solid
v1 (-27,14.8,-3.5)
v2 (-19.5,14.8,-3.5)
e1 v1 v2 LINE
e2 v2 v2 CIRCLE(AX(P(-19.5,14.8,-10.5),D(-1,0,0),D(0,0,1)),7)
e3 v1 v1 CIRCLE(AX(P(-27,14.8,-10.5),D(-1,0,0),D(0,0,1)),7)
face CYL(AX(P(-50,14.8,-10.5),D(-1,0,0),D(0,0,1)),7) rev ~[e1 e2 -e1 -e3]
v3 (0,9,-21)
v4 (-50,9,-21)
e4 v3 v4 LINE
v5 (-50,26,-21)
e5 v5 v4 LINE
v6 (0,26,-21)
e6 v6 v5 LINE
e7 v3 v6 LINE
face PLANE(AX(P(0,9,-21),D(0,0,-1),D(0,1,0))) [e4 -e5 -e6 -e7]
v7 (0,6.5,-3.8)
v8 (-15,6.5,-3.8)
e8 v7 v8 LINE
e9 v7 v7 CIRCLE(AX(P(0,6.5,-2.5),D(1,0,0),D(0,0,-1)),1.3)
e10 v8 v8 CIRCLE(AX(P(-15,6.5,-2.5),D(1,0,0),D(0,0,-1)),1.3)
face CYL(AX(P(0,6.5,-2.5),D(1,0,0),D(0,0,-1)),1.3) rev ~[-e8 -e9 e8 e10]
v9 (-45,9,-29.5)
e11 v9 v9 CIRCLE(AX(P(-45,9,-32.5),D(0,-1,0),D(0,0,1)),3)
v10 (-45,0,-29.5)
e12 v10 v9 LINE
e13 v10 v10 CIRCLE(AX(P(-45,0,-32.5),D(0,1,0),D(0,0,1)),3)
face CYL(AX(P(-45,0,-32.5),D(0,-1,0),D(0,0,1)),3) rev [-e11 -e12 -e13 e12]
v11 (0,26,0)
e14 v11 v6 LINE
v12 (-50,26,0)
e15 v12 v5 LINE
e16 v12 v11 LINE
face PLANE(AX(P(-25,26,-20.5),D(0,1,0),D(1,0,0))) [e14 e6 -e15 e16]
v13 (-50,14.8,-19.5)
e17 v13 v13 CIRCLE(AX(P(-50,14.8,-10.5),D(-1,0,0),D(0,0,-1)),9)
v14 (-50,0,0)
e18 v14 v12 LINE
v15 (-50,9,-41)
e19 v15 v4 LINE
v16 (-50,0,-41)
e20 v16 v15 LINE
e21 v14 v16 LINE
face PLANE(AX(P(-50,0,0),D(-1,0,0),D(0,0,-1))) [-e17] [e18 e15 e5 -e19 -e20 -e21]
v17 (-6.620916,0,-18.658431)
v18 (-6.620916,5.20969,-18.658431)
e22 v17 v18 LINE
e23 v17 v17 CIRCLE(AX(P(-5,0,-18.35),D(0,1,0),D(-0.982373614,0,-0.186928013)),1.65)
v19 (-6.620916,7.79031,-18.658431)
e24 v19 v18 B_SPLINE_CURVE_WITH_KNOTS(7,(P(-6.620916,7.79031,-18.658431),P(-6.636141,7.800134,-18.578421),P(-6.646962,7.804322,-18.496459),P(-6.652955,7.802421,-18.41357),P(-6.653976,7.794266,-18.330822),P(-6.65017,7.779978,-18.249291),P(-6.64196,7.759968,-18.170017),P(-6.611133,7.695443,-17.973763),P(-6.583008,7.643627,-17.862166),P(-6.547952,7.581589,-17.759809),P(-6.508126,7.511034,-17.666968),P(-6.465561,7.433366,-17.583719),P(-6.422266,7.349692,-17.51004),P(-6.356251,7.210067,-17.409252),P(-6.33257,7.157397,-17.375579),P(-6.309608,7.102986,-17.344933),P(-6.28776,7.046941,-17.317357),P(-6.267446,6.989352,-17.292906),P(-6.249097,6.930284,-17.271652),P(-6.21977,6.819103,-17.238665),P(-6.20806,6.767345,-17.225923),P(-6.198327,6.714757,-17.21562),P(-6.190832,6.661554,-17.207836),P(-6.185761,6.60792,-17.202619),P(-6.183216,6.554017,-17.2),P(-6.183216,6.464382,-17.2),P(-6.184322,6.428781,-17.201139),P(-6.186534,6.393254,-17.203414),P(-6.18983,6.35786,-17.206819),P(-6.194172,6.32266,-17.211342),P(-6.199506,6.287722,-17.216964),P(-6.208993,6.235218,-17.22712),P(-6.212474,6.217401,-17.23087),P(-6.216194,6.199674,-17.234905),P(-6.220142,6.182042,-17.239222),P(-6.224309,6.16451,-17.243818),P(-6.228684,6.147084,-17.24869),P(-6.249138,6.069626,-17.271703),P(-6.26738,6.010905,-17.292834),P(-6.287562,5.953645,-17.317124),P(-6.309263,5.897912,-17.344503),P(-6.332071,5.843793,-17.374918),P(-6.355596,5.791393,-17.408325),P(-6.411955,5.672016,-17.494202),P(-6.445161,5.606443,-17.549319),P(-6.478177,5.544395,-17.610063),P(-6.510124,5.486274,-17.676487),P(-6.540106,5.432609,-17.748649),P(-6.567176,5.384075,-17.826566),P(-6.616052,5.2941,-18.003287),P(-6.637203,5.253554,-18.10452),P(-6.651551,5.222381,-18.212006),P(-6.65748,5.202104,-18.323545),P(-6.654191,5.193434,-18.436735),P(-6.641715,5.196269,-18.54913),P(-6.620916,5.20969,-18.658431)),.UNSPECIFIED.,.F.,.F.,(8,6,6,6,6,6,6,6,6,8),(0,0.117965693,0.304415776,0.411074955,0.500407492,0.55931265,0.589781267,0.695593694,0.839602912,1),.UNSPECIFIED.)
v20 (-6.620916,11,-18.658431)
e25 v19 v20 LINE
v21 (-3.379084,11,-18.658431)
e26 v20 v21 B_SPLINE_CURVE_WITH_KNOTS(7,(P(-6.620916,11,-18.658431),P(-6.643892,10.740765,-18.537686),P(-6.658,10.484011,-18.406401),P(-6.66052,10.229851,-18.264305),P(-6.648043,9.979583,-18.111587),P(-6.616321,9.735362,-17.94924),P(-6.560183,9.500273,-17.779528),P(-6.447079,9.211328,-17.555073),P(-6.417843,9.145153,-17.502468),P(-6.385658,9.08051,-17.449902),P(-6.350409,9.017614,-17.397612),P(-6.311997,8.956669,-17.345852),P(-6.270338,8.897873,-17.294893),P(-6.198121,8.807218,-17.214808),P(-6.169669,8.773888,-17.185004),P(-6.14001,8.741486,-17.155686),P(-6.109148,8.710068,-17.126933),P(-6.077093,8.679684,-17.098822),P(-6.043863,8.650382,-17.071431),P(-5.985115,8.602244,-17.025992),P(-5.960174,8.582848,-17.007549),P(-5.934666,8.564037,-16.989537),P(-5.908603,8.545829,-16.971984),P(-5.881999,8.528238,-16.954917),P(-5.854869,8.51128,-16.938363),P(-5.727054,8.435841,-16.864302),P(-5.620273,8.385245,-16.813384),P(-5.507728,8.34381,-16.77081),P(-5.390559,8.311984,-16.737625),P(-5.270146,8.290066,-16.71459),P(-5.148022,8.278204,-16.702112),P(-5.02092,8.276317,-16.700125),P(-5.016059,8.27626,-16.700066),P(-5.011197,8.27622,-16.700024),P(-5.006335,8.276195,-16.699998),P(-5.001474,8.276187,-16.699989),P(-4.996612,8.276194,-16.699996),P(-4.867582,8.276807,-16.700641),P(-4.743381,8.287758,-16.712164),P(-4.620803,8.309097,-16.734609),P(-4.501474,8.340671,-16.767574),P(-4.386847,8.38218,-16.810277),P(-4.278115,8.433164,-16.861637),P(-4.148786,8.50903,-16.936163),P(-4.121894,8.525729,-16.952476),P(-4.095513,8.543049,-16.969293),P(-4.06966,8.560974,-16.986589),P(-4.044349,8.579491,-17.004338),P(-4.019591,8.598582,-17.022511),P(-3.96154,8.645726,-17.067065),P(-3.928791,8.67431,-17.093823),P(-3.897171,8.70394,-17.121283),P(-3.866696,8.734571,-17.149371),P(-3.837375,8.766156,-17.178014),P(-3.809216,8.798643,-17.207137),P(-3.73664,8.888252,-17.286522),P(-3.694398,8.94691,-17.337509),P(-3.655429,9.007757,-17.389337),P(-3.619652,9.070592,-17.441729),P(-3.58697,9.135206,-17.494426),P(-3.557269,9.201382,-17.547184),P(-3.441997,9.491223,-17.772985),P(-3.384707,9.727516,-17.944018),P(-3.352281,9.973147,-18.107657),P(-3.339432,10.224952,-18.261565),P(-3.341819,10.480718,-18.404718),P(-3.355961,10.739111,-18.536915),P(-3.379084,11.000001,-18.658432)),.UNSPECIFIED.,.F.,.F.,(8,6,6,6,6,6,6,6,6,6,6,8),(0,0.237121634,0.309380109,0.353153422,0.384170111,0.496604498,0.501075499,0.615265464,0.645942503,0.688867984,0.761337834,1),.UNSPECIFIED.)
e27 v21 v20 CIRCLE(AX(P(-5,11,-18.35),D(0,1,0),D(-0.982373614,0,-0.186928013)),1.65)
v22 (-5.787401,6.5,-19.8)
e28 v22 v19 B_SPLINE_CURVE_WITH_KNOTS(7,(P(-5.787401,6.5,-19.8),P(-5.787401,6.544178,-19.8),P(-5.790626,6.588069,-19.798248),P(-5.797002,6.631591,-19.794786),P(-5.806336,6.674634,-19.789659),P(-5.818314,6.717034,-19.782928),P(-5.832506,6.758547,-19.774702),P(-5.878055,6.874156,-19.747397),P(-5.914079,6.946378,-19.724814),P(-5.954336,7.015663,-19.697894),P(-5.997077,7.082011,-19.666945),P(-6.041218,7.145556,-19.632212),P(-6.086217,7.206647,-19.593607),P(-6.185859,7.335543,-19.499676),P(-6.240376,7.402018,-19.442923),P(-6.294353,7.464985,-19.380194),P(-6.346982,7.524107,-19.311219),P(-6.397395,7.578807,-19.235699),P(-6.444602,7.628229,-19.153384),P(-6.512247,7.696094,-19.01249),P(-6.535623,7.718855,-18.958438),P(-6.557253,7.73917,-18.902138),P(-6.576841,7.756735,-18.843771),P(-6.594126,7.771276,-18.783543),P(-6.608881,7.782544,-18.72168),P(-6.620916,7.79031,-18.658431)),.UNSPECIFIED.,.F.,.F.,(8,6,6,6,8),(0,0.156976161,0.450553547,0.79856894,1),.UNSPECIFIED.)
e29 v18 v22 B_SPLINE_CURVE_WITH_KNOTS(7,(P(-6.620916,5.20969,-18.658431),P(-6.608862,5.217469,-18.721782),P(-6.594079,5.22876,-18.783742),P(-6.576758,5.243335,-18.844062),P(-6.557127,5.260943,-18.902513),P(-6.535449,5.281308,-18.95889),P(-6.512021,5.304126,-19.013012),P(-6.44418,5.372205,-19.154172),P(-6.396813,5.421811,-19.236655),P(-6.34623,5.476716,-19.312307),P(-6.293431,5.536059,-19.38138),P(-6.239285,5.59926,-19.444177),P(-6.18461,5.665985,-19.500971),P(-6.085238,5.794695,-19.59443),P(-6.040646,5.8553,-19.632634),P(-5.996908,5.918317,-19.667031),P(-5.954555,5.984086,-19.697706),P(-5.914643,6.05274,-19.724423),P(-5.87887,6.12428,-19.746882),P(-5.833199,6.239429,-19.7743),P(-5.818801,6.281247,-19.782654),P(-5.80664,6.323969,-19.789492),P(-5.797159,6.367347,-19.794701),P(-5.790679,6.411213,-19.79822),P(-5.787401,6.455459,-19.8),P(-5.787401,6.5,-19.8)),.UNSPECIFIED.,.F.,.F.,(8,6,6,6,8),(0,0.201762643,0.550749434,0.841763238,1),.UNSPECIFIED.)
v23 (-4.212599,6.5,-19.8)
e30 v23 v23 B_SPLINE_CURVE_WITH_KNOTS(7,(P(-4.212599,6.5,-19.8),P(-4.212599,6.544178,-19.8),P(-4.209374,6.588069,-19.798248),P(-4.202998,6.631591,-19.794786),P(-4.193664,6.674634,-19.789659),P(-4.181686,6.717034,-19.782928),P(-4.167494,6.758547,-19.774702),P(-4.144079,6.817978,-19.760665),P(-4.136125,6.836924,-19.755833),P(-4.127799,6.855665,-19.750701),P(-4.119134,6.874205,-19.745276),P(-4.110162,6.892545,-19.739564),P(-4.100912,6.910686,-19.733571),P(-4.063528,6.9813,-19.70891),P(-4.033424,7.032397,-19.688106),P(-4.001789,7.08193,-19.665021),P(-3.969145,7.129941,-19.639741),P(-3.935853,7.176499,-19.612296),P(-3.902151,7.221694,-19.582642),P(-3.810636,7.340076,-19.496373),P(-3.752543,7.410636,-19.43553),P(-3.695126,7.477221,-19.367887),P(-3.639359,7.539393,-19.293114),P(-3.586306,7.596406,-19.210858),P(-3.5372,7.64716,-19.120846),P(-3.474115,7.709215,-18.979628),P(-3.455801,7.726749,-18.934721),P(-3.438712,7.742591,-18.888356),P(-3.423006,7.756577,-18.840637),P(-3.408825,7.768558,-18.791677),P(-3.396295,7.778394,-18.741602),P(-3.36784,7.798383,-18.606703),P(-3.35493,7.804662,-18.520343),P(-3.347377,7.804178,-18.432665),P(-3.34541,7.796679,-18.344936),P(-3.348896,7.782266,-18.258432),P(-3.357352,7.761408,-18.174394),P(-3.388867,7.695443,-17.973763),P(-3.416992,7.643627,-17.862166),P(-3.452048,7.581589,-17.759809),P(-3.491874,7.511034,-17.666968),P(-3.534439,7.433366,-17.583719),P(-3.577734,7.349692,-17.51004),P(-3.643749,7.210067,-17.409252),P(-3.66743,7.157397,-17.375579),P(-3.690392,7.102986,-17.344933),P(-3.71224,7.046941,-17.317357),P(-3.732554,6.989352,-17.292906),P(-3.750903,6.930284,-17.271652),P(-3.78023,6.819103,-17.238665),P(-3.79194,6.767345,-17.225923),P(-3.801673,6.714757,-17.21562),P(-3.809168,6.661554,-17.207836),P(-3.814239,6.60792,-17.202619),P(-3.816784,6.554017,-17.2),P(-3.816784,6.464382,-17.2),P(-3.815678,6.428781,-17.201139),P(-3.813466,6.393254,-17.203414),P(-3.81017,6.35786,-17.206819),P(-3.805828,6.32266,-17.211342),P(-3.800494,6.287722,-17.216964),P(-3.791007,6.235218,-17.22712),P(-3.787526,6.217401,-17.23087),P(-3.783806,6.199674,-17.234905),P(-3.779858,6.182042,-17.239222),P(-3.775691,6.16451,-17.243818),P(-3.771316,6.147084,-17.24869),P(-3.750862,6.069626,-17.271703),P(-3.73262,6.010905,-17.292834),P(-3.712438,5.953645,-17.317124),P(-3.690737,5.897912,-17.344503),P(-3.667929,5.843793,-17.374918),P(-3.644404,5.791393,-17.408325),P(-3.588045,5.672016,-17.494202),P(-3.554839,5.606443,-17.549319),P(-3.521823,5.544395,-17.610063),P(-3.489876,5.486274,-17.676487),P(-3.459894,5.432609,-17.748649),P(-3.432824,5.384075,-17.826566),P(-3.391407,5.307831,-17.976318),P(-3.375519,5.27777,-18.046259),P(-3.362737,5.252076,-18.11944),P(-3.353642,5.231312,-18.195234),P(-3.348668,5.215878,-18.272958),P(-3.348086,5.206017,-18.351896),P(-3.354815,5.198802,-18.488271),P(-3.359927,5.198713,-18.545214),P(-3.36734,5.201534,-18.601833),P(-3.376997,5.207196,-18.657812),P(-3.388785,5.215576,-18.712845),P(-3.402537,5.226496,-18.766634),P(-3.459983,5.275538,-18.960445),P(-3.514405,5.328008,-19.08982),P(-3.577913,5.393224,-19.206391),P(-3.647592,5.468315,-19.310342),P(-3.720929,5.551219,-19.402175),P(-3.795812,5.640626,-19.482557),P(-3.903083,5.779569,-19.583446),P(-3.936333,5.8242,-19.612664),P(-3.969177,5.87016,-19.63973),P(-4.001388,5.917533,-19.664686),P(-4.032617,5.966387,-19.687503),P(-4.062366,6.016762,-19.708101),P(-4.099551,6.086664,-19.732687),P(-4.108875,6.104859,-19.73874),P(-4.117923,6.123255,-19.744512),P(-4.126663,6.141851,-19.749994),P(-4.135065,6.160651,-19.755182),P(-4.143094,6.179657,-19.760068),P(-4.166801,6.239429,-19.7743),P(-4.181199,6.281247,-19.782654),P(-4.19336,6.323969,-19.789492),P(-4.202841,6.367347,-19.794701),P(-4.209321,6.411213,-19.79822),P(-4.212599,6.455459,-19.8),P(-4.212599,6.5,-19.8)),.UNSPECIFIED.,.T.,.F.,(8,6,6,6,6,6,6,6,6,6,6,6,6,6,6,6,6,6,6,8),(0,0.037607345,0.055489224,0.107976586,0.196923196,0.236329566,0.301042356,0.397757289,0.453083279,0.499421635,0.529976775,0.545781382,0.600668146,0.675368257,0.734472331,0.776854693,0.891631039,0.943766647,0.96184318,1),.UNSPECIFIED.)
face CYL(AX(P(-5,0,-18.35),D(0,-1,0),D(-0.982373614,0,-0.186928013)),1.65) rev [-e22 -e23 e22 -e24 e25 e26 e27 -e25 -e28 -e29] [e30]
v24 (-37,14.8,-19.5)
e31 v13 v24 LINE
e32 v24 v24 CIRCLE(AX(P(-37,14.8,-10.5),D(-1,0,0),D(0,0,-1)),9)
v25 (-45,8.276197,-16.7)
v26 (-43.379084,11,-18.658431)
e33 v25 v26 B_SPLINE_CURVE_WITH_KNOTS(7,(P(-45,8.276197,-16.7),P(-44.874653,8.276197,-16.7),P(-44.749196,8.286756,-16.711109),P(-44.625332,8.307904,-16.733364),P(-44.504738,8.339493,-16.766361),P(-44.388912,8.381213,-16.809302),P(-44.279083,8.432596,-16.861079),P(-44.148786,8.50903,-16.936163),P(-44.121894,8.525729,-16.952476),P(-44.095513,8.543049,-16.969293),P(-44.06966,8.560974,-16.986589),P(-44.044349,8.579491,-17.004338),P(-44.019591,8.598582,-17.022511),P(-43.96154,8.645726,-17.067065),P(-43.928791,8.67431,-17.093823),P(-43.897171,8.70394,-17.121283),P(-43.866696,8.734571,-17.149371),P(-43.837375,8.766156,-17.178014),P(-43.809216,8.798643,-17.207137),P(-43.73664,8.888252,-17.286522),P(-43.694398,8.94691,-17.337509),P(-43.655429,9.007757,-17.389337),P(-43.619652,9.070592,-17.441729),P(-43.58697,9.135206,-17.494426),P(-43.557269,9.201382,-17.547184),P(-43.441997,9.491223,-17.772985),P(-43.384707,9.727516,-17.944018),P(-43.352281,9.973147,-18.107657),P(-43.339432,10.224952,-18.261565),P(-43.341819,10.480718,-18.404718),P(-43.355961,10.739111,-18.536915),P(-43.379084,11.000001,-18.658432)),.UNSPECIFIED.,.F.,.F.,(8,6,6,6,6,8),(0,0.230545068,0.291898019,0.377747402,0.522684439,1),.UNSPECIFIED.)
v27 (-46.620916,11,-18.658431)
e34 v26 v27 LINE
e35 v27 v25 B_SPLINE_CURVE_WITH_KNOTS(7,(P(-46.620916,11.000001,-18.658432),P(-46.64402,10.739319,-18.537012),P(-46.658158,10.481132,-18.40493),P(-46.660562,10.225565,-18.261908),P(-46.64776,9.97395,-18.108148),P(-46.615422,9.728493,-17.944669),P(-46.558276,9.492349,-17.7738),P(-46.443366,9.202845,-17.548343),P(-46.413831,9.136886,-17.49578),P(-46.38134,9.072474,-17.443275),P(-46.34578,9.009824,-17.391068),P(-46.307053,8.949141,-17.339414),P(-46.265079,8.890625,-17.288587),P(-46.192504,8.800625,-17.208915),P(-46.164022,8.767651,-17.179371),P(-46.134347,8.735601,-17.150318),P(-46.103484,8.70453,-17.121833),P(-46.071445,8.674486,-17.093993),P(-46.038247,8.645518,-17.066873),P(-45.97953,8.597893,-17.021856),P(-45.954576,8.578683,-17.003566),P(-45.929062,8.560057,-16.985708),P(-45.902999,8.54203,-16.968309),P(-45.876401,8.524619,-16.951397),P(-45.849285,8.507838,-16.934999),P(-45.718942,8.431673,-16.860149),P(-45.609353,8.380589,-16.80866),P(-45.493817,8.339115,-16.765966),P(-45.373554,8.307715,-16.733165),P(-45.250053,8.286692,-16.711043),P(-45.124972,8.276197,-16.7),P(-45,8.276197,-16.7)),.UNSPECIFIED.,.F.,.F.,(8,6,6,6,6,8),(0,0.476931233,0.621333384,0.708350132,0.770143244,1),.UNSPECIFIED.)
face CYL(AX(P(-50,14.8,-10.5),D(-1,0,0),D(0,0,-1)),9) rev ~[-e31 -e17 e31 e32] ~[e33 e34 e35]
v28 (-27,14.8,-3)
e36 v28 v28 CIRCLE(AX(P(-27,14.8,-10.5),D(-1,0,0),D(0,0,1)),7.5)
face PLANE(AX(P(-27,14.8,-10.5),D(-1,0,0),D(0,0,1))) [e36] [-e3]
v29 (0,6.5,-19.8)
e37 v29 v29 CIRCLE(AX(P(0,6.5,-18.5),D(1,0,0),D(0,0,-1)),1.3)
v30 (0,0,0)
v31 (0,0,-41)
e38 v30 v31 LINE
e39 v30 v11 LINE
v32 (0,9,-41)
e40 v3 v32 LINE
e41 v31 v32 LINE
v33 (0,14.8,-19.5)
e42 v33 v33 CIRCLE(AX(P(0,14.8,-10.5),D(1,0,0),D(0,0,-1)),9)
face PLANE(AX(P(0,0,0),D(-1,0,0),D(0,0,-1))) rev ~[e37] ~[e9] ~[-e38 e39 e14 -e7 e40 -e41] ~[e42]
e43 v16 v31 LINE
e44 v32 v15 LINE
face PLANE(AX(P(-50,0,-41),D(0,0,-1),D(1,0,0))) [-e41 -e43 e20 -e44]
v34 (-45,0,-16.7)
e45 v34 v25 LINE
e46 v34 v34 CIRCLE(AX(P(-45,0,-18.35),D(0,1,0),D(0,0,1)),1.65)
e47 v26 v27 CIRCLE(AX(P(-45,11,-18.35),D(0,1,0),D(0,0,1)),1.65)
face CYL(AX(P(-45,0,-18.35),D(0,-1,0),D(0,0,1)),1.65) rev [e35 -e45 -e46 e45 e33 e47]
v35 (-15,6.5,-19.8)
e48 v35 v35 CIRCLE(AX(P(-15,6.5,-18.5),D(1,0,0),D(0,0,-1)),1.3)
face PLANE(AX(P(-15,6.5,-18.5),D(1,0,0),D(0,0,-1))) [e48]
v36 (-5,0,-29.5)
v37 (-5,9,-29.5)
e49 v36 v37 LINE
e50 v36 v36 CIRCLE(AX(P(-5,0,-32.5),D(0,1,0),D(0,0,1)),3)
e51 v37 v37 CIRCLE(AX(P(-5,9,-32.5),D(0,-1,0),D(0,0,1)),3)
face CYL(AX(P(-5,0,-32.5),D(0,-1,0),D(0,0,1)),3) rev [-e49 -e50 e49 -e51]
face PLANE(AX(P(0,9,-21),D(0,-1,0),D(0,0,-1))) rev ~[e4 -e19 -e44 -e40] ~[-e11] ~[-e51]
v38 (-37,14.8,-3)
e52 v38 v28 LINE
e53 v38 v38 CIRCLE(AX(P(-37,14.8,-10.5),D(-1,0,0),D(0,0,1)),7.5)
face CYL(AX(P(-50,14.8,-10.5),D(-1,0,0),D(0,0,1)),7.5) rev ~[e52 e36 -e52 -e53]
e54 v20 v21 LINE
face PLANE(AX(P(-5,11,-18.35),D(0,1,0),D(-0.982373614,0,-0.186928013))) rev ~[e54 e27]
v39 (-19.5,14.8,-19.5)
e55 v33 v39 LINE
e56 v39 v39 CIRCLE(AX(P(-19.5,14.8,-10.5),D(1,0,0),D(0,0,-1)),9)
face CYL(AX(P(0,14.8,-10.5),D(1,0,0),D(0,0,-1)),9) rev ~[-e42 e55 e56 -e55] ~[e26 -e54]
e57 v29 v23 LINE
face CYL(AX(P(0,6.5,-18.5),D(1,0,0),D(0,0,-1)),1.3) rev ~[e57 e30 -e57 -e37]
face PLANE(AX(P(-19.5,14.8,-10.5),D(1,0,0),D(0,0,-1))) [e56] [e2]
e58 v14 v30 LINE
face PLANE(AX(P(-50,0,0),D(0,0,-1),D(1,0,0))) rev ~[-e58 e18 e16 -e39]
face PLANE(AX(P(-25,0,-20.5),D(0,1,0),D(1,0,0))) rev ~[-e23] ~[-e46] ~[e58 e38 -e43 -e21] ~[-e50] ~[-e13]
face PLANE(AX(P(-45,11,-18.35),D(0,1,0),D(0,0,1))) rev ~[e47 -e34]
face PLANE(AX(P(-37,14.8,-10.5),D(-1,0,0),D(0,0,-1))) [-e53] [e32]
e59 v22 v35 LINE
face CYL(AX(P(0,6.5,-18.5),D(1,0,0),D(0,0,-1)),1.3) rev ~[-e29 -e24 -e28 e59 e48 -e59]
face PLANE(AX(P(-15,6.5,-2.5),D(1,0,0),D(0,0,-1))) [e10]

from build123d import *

# Parameters (mm, degrees)
ESQUISSE1_W             = 50
ESQUISSE1_H             = 41
ESQUISSE1_R             = 1.65
ESQUISSE1_R_2           = 3
BOSS_EXTRU_1_DEPTH      = 26
ESQUISSE2_W             = 20
ESQUISSE2_H             = 17
ENL_V_MAT_EXTRU_1_DEPTH = 51
ESQUISSE3_R             = 9
ENL_V_MAT_EXTRU_2_DEPTH = 19.5
ESQUISSE3_3_R           = 1.3
ENL_V_MAT_EXTRU_3_DEPTH = 15
ESQUISSE1_3_R           = 1.65
ENL_V_MAT_EXTRU_4_DEPTH = 11
ESQUISSE4_R             = 7
ENL_V_MAT_EXTRU_5_DEPTH = 51.0000001
ESQUISSE4_3_R           = 9
ENL_V_MAT_EXTRU_6_DEPTH = 13
ESQUISSE4_4_R           = 7.5
ENL_V_MAT_EXTRU_7_DEPTH = 23


with BuildPart() as part:
    # Esquisse1 → Boss.-Extru.1 (new body)
    with BuildSketch(Plane(origin=(0, 0, 0), x_dir=(1, 0, 0), z_dir=(0, 1, 0))):
        with Locations((-25, 20.5)):
            Rectangle(ESQUISSE1_W, ESQUISSE1_H)
        with Locations((-45, 18.35)):
            Circle(ESQUISSE1_R, mode=Mode.SUBTRACT)
        with Locations((-5, 18.35)):
            Circle(ESQUISSE1_R, mode=Mode.SUBTRACT)
        with Locations(Location((-5, 32.5, 0), (0, 0, 270))):  # turned: the seam where the file's is
            Circle(ESQUISSE1_R_2, mode=Mode.SUBTRACT)
        with Locations(Location((-45, 32.5, 0), (0, 0, 270))):  # turned: the seam where the file's is
            Circle(ESQUISSE1_R_2, mode=Mode.SUBTRACT)
        with Locations((-45, 18.35)):
            Circle(ESQUISSE1_R)
        with Locations((-5, 18.35)):
            Circle(ESQUISSE1_R)
    extrude(amount=BOSS_EXTRU_1_DEPTH)

    # Esquisse2 → Enl_v. mat.-Extru.1 (cut, through all)
    with BuildSketch(Plane(origin=(0, 0, 0), x_dir=(0, 0, -1), z_dir=(1, 0, 0))):
        with Locations((31, 17.5)):
            Rectangle(ESQUISSE2_W, ESQUISSE2_H)
    extrude(amount=-ENL_V_MAT_EXTRU_1_DEPTH, mode=Mode.SUBTRACT)

    # Esquisse3 → Enl_v. mat.-Extru.2 (cut)
    with BuildSketch(Plane(origin=(0, 0, 0), x_dir=(0, 0, -1), z_dir=(1, 0, 0))):
        with Locations((10.5, 14.8)):
            Circle(ESQUISSE3_R)
    extrude(amount=-ENL_V_MAT_EXTRU_2_DEPTH, mode=Mode.SUBTRACT)

    # Esquisse3_3 → Enl_v. mat.-Extru.3 (cut)
    with BuildSketch(Plane(origin=(0, 0, 0), x_dir=(0, 0, -1), z_dir=(1, 0, 0))):
        with Locations((2.5, 6.5)):
            Circle(ESQUISSE3_3_R)
        with Locations((18.5, 6.5)):
            Circle(ESQUISSE3_3_R)
    extrude(amount=-ENL_V_MAT_EXTRU_3_DEPTH, mode=Mode.SUBTRACT)

    # Esquisse1_3 → Enl_v. mat.-Extru.4 (cut)
    with BuildSketch(Plane(origin=(0, 0, 0), x_dir=(1, 0, 0), z_dir=(0, 1, 0))):
        with Locations(Location((-5, 18.35, 0), (0, 0, 169.22643943))):  # turned: the seam where the file's is
            Circle(ESQUISSE1_3_R)
        with Locations(Location((-45, 18.35, 0), (0, 0, 270))):  # turned: the seam where the file's is
            Circle(ESQUISSE1_3_R)
    extrude(amount=ENL_V_MAT_EXTRU_4_DEPTH, mode=Mode.SUBTRACT)

    # Esquisse4 → Enl_v. mat.-Extru.5 (cut, through all)
    with BuildSketch(Plane.ZY.offset(50)):
        with Locations((-10.5, 14.8)):
            Circle(ESQUISSE4_R)
    extrude(amount=-ENL_V_MAT_EXTRU_5_DEPTH, mode=Mode.SUBTRACT)

    # Esquisse4_3 → Enl_v. mat.-Extru.6 (cut)
    with BuildSketch(Plane.ZY.offset(50)):
        with Locations(Location((-10.5, 14.8, 0), (0, 0, 180))):  # turned: the seam where the file's is
            Circle(ESQUISSE4_3_R)
    extrude(amount=-ENL_V_MAT_EXTRU_6_DEPTH, mode=Mode.SUBTRACT)

    # Esquisse4_4 → Enl_v. mat.-Extru.7 (cut)
    with BuildSketch(Plane.ZY.offset(50)):
        with Locations((-10.5, 14.8)):
            Circle(ESQUISSE4_4_R)
    extrude(amount=-ENL_V_MAT_EXTRU_7_DEPTH, mode=Mode.SUBTRACT)


solid = part.part
